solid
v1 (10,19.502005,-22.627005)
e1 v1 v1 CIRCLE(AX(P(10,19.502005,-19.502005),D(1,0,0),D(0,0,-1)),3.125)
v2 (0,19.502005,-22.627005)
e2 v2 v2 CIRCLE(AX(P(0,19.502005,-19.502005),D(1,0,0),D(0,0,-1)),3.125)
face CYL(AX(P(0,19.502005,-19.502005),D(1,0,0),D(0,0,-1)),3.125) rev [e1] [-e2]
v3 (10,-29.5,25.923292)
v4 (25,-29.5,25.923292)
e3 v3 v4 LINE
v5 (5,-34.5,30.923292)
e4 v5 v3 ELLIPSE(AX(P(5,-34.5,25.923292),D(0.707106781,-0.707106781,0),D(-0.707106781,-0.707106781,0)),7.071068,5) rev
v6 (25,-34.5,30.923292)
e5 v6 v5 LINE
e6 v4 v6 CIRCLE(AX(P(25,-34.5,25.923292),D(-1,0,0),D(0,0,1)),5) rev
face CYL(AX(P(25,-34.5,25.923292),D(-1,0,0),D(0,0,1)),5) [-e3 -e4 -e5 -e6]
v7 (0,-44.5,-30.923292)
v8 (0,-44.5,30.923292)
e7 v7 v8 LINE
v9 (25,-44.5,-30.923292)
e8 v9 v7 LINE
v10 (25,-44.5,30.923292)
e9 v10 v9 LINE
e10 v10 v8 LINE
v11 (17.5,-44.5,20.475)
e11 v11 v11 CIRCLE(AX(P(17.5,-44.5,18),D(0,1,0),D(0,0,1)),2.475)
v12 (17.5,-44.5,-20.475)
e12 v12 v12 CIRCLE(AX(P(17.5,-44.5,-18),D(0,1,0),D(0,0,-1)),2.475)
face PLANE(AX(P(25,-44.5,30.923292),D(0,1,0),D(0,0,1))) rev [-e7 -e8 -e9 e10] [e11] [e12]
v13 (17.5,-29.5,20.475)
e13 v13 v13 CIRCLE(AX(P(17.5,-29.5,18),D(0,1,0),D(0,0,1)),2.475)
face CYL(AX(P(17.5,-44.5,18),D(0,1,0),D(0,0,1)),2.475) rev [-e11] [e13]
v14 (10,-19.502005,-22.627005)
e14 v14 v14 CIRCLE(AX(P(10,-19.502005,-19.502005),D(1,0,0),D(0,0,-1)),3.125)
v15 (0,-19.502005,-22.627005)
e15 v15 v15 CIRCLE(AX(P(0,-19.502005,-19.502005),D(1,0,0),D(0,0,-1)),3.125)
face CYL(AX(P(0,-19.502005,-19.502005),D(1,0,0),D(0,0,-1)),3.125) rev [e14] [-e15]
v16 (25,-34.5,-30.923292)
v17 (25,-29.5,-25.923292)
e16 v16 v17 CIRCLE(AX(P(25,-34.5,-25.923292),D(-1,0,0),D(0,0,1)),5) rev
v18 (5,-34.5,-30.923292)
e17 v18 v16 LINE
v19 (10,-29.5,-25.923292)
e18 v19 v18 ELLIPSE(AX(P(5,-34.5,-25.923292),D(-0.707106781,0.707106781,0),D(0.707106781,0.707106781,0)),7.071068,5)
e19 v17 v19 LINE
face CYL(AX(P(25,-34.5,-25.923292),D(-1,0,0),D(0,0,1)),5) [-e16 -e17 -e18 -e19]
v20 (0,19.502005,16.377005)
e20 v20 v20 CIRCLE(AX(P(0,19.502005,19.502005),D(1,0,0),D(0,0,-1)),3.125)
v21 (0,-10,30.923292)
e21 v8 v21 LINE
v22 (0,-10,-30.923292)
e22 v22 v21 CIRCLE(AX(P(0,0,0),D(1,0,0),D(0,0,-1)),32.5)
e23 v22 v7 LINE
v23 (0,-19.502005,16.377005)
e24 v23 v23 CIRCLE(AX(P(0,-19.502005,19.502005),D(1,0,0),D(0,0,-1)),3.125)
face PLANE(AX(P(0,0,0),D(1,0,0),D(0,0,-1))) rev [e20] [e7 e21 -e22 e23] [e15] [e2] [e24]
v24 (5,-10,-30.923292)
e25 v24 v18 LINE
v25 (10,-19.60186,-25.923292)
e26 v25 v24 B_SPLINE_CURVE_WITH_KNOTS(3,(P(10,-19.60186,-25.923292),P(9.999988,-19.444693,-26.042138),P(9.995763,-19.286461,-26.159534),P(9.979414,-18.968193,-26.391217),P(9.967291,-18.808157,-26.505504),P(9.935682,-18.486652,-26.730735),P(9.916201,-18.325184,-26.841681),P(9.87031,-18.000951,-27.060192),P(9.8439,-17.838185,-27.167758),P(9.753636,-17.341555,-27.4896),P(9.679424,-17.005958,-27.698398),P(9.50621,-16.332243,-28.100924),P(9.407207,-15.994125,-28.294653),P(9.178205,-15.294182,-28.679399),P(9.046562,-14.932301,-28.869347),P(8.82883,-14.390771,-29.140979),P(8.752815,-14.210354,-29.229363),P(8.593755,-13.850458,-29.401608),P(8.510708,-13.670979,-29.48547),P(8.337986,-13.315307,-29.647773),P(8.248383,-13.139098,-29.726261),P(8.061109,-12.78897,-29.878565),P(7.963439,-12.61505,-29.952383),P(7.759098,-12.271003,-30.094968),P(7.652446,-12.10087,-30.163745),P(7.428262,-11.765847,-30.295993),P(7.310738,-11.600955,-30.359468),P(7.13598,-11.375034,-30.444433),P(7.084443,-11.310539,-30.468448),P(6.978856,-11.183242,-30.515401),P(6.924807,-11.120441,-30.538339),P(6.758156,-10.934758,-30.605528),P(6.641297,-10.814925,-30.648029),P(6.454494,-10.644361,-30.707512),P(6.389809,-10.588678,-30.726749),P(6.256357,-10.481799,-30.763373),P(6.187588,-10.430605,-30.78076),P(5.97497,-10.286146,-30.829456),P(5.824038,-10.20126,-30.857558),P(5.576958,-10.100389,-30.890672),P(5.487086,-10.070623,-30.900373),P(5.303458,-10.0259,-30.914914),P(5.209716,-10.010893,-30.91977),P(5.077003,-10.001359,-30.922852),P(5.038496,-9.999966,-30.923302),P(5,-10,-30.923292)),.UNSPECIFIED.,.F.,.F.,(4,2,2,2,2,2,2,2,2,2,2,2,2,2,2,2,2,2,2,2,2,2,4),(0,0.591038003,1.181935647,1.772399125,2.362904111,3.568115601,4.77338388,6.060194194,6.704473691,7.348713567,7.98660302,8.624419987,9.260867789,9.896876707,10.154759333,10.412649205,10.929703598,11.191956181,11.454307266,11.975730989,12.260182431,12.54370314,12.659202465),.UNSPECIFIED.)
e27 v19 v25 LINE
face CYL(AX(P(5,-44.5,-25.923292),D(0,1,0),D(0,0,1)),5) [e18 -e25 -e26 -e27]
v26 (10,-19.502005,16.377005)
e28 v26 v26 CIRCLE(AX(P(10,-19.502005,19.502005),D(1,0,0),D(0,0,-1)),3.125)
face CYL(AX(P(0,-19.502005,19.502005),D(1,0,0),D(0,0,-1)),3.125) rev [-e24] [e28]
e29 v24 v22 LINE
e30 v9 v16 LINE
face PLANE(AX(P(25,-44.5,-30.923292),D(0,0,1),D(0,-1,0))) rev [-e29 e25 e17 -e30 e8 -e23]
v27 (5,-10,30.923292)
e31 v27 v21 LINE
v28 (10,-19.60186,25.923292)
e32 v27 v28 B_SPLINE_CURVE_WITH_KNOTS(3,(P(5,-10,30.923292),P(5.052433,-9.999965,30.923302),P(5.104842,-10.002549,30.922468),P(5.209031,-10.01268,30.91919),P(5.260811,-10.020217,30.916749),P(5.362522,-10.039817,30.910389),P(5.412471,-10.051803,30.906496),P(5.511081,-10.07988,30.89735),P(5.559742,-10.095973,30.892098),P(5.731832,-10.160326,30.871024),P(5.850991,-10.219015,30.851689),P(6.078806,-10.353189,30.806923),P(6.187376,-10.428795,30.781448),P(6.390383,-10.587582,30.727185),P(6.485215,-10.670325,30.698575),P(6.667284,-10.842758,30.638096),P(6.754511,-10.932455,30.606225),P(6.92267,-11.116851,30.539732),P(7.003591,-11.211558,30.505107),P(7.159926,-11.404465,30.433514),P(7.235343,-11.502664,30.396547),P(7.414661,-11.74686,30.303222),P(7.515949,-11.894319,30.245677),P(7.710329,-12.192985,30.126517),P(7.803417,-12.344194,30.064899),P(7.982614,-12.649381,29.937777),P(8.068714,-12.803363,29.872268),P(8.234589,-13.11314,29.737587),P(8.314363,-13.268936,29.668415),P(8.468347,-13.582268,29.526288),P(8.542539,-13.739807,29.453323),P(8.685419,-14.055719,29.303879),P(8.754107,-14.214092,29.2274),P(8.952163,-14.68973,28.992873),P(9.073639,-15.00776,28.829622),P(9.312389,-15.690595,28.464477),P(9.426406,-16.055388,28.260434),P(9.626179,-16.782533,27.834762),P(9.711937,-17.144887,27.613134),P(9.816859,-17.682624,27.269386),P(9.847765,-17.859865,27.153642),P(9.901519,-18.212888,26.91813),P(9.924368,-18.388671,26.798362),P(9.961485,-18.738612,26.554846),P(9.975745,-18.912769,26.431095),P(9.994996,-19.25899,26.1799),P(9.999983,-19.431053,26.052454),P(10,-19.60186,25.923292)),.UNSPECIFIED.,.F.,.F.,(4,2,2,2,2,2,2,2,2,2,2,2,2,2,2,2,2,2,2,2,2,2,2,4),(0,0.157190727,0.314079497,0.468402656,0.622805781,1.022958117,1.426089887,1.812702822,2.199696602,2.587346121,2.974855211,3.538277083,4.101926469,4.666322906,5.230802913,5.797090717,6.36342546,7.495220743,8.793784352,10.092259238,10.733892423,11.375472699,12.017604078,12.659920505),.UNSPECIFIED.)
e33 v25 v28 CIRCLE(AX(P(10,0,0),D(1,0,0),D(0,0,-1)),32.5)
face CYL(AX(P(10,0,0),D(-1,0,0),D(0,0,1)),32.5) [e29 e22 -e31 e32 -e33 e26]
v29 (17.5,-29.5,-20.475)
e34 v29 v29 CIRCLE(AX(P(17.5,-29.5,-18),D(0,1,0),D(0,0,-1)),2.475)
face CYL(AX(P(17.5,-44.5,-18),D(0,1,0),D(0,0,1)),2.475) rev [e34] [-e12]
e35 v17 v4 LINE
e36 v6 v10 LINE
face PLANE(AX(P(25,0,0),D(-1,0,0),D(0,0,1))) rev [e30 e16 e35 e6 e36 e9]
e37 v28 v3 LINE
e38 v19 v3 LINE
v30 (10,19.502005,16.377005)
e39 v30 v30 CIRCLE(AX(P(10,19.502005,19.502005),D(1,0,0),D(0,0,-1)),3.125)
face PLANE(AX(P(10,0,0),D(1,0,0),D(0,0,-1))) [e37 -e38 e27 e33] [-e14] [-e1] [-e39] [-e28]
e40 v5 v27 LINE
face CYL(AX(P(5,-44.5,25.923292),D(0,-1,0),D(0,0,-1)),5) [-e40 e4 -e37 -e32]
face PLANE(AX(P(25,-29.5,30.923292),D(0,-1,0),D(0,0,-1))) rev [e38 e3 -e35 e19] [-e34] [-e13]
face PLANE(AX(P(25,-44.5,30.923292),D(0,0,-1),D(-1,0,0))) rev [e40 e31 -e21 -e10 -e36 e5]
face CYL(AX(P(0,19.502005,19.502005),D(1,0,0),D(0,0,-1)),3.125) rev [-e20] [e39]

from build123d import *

# Parameters (mm, degrees)
SKETCH1_R           = 32.5
BOSS_EXTRUDE1_DEPTH = 10
SKETCH2_R           = 3.125
CUT_EXTRUDE1_DEPTH  = 11
BOSS_EXTRUDE2_DEPTH = 10
SKETCH4_W           = 61.846584384
SKETCH4_H           = 15
BOSS_EXTRUDE3_DEPTH = 15
SKETCH5_R           = 2.475
CUT_EXTRUDE2_DEPTH  = 16
FILLET1_R           = 5


with BuildPart() as part:
    # Sketch1 → Boss-Extrude1 (new body)
    with BuildSketch(Plane(origin=(0, 0, 0), x_dir=(0, 0, -1), z_dir=(1, 0, 0))):
        Circle(SKETCH1_R)
    extrude(amount=BOSS_EXTRUDE1_DEPTH)

    # Sketch2 → Cut-Extrude1 (cut, through all)
    with BuildSketch(Plane(origin=(10, 0, 0), x_dir=(0, 0, -1), z_dir=(1, 0, 0))):
        with Locations((-19.502005025, -19.502005025)):
            Circle(SKETCH2_R)
        with Locations((-19.502005025, 19.502005025)):
            Circle(SKETCH2_R)
        with Locations((19.502005025, 19.502005025)):
            Circle(SKETCH2_R)
        with Locations((19.502005025, -19.502005025)):
            Circle(SKETCH2_R)
    extrude(amount=-CUT_EXTRUDE1_DEPTH, mode=Mode.SUBTRACT)



with BuildPart() as body_2:
    # Sketch3 → Boss-Extrude2 (new body)
    with BuildSketch(Plane.ZY):
        with BuildLine():
            Line((-30.923292192, -10), (-30.923292192, -44.5))
            Line((-30.923292192, -44.5), (30.923292192, -44.5))
            Line((30.923292192, -44.5), (30.923292192, -10))
            ThreePointArc((30.923292192, -10), (0, -32.5), (-30.923292192, -10))
        make_face()
    extrude(amount=-BOSS_EXTRUDE2_DEPTH)


with BuildPart() as part_1:
    add(part.part)

    add(body_2.part)  # Boss-Extrude3 merges body 2
    # Sketch4 → Boss-Extrude3 (add)
    with BuildSketch(Plane(origin=(10, 0, 0), x_dir=(0, 0, -1), z_dir=(1, 0, 0))):
        with Locations((0, -37)):
            Rectangle(SKETCH4_W, SKETCH4_H)
    extrude(amount=BOSS_EXTRUDE3_DEPTH)

    # Sketch5 → Cut-Extrude2 (cut, through all)
    with BuildSketch(Plane(origin=(0, -29.5, 0), x_dir=(1, 0, 0), z_dir=(0, 1, 0))):
        with Locations((17.5, -18)):
            Circle(SKETCH5_R)
        with Locations((17.5, 18)):
            Circle(SKETCH5_R)
    extrude(amount=-CUT_EXTRUDE2_DEPTH, mode=Mode.SUBTRACT)

    # Fillet1
    fillet1_edges = [part_1.edges().sort_by_distance(p)[0] for p in [
        (17.5, -29.5, 30.923292192),
        (17.5, -29.5, -30.923292192),
        (10, -19.75, -30.923292192),
        (10, -19.75, 30.923292192),
    ]]
    fillet(fillet1_edges, radius=FILLET1_R)


solid = part_1.part
